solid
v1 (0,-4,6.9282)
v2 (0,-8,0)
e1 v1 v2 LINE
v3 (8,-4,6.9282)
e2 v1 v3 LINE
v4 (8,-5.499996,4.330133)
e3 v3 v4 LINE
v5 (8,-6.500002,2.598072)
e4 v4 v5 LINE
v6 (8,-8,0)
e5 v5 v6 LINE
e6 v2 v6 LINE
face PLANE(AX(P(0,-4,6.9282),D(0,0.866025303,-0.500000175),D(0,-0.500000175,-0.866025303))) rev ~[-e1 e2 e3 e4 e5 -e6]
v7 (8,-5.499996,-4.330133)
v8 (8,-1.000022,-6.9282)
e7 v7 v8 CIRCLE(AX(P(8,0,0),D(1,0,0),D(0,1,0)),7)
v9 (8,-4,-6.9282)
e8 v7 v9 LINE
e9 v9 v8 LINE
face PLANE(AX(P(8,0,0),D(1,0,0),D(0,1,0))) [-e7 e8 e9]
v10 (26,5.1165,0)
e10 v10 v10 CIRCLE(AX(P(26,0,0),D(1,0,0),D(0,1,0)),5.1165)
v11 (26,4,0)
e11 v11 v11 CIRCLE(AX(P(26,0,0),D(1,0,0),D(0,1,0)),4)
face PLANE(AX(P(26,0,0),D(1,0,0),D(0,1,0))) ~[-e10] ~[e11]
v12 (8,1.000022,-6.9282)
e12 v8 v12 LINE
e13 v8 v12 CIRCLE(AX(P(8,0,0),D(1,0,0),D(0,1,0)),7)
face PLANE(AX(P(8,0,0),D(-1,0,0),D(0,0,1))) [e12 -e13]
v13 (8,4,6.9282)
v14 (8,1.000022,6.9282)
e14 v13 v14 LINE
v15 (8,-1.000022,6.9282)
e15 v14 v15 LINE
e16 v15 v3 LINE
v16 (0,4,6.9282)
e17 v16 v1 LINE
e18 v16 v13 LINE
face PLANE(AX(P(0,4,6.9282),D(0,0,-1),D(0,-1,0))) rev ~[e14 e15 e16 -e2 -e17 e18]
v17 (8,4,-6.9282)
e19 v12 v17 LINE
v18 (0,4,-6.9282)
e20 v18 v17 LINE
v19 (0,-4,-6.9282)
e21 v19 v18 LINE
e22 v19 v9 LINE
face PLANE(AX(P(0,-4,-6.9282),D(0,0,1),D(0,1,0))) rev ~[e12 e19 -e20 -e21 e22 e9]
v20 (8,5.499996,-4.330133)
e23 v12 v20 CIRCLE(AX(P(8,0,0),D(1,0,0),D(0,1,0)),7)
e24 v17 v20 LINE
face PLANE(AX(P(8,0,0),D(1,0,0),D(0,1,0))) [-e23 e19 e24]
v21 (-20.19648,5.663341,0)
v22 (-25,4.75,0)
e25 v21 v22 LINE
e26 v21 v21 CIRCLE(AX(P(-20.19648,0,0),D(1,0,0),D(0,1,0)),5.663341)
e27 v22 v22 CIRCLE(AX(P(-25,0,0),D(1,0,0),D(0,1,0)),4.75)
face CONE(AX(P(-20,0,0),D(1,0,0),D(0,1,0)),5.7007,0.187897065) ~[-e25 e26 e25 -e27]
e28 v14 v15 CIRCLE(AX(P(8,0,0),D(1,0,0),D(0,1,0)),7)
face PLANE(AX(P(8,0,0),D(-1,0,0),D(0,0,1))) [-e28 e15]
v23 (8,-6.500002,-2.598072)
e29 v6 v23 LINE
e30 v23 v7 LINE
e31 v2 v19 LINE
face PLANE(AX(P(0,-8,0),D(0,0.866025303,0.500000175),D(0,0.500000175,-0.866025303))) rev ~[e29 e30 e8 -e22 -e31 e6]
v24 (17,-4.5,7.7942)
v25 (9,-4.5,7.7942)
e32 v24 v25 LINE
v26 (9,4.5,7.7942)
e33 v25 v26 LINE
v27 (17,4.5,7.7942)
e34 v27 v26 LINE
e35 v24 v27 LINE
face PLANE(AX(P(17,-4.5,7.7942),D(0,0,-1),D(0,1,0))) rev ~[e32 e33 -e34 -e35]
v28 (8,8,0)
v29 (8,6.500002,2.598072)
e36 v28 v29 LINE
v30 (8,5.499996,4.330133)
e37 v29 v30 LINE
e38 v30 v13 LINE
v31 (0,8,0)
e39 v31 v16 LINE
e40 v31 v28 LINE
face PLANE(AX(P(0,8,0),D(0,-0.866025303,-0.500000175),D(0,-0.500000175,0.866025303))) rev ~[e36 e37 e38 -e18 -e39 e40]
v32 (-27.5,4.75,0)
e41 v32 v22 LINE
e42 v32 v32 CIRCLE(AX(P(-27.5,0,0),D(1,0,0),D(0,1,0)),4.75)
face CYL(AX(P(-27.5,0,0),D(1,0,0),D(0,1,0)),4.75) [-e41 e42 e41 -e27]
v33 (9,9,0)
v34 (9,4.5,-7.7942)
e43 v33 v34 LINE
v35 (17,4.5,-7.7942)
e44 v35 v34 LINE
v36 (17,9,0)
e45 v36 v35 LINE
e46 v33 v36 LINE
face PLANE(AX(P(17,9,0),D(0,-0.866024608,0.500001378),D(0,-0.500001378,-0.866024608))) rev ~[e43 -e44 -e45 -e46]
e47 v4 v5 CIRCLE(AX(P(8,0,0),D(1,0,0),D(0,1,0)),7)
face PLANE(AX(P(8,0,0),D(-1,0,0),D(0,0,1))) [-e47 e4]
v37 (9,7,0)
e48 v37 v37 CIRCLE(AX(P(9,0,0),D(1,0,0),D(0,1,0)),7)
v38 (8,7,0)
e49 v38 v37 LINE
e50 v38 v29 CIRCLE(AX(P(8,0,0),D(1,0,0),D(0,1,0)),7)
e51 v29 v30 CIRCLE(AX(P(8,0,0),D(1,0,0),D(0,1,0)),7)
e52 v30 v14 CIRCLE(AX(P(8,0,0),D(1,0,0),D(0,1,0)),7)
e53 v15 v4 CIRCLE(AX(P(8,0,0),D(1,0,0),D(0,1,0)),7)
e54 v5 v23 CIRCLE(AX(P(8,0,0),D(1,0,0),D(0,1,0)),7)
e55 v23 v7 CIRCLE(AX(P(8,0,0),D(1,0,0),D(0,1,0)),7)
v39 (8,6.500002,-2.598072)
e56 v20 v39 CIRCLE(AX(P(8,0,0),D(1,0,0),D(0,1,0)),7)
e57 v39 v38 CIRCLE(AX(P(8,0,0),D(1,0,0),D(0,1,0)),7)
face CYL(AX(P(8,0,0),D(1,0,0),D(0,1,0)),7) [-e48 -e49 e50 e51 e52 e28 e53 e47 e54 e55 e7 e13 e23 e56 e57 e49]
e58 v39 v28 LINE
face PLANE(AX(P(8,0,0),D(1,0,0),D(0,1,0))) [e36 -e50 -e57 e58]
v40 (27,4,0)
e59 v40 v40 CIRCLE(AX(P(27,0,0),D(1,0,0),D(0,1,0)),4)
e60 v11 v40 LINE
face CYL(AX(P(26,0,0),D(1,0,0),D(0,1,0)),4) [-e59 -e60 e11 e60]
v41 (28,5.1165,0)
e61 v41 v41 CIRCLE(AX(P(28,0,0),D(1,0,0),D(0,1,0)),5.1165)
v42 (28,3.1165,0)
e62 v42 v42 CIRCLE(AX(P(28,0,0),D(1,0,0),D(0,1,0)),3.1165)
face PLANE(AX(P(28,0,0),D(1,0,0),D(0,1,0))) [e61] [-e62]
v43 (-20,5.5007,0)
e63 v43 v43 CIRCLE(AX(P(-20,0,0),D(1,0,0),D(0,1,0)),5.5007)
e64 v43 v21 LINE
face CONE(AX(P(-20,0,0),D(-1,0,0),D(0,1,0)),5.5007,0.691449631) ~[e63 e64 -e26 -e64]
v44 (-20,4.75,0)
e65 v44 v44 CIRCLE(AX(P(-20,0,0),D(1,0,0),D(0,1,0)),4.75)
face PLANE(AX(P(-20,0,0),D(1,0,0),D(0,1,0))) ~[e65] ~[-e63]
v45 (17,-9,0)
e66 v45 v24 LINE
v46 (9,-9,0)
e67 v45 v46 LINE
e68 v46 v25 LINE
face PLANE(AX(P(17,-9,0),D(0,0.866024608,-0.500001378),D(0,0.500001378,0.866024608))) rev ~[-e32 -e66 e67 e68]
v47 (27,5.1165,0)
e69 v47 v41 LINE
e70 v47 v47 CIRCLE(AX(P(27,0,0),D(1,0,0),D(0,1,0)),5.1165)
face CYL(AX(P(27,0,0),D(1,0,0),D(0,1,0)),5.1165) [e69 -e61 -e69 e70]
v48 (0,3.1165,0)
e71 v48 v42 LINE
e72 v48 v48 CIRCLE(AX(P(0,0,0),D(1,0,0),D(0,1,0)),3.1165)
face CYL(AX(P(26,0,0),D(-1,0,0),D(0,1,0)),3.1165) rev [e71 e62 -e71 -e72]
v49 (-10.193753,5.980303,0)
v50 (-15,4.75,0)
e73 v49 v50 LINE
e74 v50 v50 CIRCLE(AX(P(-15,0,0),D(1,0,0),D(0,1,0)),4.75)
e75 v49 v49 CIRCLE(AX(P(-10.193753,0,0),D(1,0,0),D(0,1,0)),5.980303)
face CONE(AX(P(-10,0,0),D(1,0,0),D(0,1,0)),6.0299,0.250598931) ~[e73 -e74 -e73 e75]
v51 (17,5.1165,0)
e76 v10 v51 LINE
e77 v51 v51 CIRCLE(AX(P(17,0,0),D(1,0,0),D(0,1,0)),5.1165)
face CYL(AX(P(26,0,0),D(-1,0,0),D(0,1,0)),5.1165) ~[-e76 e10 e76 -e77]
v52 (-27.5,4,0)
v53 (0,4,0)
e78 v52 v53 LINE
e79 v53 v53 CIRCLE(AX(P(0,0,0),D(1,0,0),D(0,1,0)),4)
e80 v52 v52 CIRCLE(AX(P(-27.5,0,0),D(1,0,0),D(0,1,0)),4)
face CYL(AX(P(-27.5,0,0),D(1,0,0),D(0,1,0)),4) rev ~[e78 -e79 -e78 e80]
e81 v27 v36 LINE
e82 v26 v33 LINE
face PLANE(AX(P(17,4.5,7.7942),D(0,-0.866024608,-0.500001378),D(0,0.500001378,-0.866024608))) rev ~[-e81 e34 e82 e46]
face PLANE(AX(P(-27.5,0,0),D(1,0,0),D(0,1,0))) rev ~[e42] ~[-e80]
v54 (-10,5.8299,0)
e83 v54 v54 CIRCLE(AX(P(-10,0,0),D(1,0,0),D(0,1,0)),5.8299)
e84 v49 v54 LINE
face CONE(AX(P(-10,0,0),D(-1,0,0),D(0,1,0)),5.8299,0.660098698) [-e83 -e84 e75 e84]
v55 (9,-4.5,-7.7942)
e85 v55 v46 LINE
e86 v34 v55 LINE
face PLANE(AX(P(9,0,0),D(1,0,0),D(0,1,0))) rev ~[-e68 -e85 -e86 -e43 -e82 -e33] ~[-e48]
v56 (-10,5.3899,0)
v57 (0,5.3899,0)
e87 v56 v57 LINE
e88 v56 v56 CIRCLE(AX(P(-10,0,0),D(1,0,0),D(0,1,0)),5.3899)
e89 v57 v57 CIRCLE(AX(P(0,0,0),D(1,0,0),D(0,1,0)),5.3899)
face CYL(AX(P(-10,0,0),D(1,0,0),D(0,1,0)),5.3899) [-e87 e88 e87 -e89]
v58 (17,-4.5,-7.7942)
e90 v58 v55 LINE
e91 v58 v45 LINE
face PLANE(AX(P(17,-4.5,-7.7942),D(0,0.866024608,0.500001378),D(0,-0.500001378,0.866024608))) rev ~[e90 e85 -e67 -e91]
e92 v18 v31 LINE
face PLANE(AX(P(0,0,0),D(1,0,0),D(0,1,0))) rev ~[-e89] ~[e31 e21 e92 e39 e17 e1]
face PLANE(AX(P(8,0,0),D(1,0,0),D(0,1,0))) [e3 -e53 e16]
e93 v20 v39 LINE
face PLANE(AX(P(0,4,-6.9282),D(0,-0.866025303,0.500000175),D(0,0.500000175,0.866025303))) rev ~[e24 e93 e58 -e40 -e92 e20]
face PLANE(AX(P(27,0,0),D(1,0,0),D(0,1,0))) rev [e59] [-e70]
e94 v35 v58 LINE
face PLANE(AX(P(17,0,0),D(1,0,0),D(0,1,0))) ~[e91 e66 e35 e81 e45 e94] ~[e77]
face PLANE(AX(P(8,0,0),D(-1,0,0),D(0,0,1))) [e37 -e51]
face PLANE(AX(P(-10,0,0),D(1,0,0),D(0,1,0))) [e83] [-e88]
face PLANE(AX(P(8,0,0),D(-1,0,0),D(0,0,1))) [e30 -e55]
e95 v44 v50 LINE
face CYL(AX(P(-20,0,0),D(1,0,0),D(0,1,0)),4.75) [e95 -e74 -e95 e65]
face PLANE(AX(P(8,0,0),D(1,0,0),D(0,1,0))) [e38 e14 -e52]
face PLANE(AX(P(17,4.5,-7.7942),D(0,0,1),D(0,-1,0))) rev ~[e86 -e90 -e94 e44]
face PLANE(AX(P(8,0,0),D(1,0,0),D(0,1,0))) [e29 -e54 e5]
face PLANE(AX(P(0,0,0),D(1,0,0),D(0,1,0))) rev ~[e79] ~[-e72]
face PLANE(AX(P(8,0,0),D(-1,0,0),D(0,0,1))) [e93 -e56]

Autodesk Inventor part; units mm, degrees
ref_plane "YZ Plane" through (0, 0, 0) normal (1, 0, 0) x (0, 1, 0)
ref_plane "XZ Plane" through (0, 0, 0) normal (0, 1, 0) x (-1, 0, 0)
ref_plane "XY Plane" through (0, 0, 0) normal (0, 0, 1) x (1, 0, 0)
sketch "Sketch1" plane through (0, 0, 0) normal (0, 0, 1) x (1, 0, 0)
  line L0 (-20, 4.75) -> (-20, 5.7007)
  line L1 (-20, 5.7007) -> (-25, 4.75)
  line L2 (-20, 4.75) -> (-15, 4.75)
  line L3 (-10, 6.0299) -> (-15, 4.75)
  line L4 (-10, 5.3899) -> (0, 5.3899)
  line L5 (-10, 6.0299) -> (-10, 5.3899)
  line L6 (-27.5, 4.75) -> (-27.5, 4)
  line L7 (-27.5, 4.75) -> (-25, 4.75)
  line L8 (-27.5, 4) -> (0, 4)
  line L9 (0, 8) -> (8, 8)
  line L10 (0, 8) -> (0, 5.3899)
  line L11 (8, 8) -> (8, 7)
  line L12 (8, 7) -> (9, 7)
  line L13 (9, 9) -> (17, 9)
  line L14 (26, 3.1165) -> (0, 3.1165)
  line L15 (0, 4) -> (0, 3.1165)
  line L16 (9, 9) -> (9, 7)
  line L17 (26, 4) -> (26, 5.1165)
  line L18 (26, 5.1165) -> (17, 5.1165)
  line L19 (17, 5.1165) -> (17, 9)
  line L20 (26, 4) -> (27, 4)
  line L21 (27, 4) -> (27, 5.1165)
  line L22 (27, 5.1165) -> (28, 5.1165)
  line L23 (28, 5.1165) -> (28, 3.1165)
  line L24 (28, 3.1165) -> (26, 3.1165)
  line L25 (-35.0249, 0) -> (33.4829, 0)
  point P0 (0, 0)
  point P1 (0, 4.75)
  point P2 (13, 7)
  dimension "d3" = 5
  dimension "d4" = 5
  dimension "d14" = 0.75
  dimension "d15" = 1
  dimension "d16" = 8
  dimension "d26" = 2
  dimension "d27" = 1
  dimension "d28" = 1
sketch "Sketch2" plane through (0, 0, 0) normal (0, 0, 1) x (1, 0, 0)
  point P0 (0, 0)
sketch "Sketch3" plane through (0, 0, 0) normal (0, 0, 1) x (1, 0, 0)
  point P0 (0, 0)
sketch "Sketch4" plane through (0, 0, 0) normal (0, 0, 1) x (1, 0, 0)
  point P0 (0, 0)
sketch "Sketch5" plane through (0, 0, 0) normal (1, 0, 0) x (0, 1, 0)
  point P0 (0, 0)
sketch "Sketch6" plane through (0, 0, 0) normal (0, 0, 1) x (1, 0, 0)
  line L0 (8.9873, 9.0104) -> (8.9873, 6.9688)
  point P0 (0, 0)
sketch "Sketch7" plane through (0, 0, 0) normal (0, 0, 1) x (1, 0, 0)
  point P0 (0, 0)
sketch "Sketch8" plane through (0, 0, 0) normal (0, 0, 1) x (1, 0, 0)
  point P0 (0, 0)
revolve "Revolution1" add sketch "Sketch1" angle 360 about axis through (-35.0249, 0, 0) along (1, 0, 0)
sketch "Sketch9" plane through (17, 0, 0) normal (1, 0, 0) x (0, 0, -1)
  circle A0 centre (0, 0) radius 7 projected
  circle A1 centre (0, 0) radius 9 projected
  circle A2 centre (0, 0) radius 9 projected
  circle A3 centre (0, 0) radius 5.1165 projected
  circle A4 centre (0, 0) radius 3.1165 projected
  circle A5 centre (0, 0) radius 5.7007 projected
  line L0 (0, 9) -> (7.7942, 4.5)
  line L1 (7.7942, 4.5) -> (7.7942, -4.5)
  line L2 (7.7942, -4.5) -> (0, -9)
  line L3 (0, -9) -> (-7.7942, -4.5)
  line L4 (-7.7942, -4.5) -> (-7.7942, 4.5)
  line L5 (-7.7942, 4.5) -> (0, 9)
  point P0 (0, -9)
  point P1 (0, -9)
  point P2 (7.7942, -4.5)
  point P3 (7.7942, -4.5)
extrude "Extrusion1" cut sketch "Sketch9" against normal blind 8 contours A1 L1 | L0 A1 | A1 L2 | L5 A1 | A1 L3 | L4 A1
sketch "Sketch10" plane through (0, 0, 0) normal (-1, 0, 0) x (0, 0, 1)
  circle A0 centre (0, 0) radius 5.3899 projected
  circle A1 centre (0, 0) radius 8 projected
  circle A2 centre (0, 0) radius 3.1165 projected
  circle A3 centre (0, 0) radius 4 projected
  circle A4 centre (0, 0) radius 5.3899 projected
  circle A5 centre (0, 0) radius 8 projected
  circle A6 centre (0, 0) radius 3.1165 projected
  circle A7 centre (0, 0) radius 4 projected
  circle A8 centre (0, 0) radius 8 projected
  line L0 (6.9282, -4) -> (0, -8)
  line L1 (0, -8) -> (-6.9282, -4)
  line L2 (-6.9282, -4) -> (-6.9282, 4)
  line L3 (-6.9282, 4) -> (0, 8)
  line L4 (0, 8) -> (6.9282, 4)
  line L5 (6.9282, 4) -> (6.9282, -4)
  point P0 (0, 8)
  point P1 (0, 8)
  point P2 (-6.9282, 4)
  point P3 (-6.9282, 4)
  point P4 (0, -8)
  point P5 (0, -8)
extrude "Extrusion2" cut sketch "Sketch10" against normal blind 8 contours A1 L5 | L4 A1 | A1 L0 | L3 A1 | A1 L1 | L2 A1
chamfer "Chamfer1" distance 0.2 angle 45 1 edges at (-20, -5.7007, 0)
chamfer "Chamfer2" distance 0.2 angle 45 1 edges at (-10, -6.0299, 0)
properties part number "sambungan cilek ng gede"
